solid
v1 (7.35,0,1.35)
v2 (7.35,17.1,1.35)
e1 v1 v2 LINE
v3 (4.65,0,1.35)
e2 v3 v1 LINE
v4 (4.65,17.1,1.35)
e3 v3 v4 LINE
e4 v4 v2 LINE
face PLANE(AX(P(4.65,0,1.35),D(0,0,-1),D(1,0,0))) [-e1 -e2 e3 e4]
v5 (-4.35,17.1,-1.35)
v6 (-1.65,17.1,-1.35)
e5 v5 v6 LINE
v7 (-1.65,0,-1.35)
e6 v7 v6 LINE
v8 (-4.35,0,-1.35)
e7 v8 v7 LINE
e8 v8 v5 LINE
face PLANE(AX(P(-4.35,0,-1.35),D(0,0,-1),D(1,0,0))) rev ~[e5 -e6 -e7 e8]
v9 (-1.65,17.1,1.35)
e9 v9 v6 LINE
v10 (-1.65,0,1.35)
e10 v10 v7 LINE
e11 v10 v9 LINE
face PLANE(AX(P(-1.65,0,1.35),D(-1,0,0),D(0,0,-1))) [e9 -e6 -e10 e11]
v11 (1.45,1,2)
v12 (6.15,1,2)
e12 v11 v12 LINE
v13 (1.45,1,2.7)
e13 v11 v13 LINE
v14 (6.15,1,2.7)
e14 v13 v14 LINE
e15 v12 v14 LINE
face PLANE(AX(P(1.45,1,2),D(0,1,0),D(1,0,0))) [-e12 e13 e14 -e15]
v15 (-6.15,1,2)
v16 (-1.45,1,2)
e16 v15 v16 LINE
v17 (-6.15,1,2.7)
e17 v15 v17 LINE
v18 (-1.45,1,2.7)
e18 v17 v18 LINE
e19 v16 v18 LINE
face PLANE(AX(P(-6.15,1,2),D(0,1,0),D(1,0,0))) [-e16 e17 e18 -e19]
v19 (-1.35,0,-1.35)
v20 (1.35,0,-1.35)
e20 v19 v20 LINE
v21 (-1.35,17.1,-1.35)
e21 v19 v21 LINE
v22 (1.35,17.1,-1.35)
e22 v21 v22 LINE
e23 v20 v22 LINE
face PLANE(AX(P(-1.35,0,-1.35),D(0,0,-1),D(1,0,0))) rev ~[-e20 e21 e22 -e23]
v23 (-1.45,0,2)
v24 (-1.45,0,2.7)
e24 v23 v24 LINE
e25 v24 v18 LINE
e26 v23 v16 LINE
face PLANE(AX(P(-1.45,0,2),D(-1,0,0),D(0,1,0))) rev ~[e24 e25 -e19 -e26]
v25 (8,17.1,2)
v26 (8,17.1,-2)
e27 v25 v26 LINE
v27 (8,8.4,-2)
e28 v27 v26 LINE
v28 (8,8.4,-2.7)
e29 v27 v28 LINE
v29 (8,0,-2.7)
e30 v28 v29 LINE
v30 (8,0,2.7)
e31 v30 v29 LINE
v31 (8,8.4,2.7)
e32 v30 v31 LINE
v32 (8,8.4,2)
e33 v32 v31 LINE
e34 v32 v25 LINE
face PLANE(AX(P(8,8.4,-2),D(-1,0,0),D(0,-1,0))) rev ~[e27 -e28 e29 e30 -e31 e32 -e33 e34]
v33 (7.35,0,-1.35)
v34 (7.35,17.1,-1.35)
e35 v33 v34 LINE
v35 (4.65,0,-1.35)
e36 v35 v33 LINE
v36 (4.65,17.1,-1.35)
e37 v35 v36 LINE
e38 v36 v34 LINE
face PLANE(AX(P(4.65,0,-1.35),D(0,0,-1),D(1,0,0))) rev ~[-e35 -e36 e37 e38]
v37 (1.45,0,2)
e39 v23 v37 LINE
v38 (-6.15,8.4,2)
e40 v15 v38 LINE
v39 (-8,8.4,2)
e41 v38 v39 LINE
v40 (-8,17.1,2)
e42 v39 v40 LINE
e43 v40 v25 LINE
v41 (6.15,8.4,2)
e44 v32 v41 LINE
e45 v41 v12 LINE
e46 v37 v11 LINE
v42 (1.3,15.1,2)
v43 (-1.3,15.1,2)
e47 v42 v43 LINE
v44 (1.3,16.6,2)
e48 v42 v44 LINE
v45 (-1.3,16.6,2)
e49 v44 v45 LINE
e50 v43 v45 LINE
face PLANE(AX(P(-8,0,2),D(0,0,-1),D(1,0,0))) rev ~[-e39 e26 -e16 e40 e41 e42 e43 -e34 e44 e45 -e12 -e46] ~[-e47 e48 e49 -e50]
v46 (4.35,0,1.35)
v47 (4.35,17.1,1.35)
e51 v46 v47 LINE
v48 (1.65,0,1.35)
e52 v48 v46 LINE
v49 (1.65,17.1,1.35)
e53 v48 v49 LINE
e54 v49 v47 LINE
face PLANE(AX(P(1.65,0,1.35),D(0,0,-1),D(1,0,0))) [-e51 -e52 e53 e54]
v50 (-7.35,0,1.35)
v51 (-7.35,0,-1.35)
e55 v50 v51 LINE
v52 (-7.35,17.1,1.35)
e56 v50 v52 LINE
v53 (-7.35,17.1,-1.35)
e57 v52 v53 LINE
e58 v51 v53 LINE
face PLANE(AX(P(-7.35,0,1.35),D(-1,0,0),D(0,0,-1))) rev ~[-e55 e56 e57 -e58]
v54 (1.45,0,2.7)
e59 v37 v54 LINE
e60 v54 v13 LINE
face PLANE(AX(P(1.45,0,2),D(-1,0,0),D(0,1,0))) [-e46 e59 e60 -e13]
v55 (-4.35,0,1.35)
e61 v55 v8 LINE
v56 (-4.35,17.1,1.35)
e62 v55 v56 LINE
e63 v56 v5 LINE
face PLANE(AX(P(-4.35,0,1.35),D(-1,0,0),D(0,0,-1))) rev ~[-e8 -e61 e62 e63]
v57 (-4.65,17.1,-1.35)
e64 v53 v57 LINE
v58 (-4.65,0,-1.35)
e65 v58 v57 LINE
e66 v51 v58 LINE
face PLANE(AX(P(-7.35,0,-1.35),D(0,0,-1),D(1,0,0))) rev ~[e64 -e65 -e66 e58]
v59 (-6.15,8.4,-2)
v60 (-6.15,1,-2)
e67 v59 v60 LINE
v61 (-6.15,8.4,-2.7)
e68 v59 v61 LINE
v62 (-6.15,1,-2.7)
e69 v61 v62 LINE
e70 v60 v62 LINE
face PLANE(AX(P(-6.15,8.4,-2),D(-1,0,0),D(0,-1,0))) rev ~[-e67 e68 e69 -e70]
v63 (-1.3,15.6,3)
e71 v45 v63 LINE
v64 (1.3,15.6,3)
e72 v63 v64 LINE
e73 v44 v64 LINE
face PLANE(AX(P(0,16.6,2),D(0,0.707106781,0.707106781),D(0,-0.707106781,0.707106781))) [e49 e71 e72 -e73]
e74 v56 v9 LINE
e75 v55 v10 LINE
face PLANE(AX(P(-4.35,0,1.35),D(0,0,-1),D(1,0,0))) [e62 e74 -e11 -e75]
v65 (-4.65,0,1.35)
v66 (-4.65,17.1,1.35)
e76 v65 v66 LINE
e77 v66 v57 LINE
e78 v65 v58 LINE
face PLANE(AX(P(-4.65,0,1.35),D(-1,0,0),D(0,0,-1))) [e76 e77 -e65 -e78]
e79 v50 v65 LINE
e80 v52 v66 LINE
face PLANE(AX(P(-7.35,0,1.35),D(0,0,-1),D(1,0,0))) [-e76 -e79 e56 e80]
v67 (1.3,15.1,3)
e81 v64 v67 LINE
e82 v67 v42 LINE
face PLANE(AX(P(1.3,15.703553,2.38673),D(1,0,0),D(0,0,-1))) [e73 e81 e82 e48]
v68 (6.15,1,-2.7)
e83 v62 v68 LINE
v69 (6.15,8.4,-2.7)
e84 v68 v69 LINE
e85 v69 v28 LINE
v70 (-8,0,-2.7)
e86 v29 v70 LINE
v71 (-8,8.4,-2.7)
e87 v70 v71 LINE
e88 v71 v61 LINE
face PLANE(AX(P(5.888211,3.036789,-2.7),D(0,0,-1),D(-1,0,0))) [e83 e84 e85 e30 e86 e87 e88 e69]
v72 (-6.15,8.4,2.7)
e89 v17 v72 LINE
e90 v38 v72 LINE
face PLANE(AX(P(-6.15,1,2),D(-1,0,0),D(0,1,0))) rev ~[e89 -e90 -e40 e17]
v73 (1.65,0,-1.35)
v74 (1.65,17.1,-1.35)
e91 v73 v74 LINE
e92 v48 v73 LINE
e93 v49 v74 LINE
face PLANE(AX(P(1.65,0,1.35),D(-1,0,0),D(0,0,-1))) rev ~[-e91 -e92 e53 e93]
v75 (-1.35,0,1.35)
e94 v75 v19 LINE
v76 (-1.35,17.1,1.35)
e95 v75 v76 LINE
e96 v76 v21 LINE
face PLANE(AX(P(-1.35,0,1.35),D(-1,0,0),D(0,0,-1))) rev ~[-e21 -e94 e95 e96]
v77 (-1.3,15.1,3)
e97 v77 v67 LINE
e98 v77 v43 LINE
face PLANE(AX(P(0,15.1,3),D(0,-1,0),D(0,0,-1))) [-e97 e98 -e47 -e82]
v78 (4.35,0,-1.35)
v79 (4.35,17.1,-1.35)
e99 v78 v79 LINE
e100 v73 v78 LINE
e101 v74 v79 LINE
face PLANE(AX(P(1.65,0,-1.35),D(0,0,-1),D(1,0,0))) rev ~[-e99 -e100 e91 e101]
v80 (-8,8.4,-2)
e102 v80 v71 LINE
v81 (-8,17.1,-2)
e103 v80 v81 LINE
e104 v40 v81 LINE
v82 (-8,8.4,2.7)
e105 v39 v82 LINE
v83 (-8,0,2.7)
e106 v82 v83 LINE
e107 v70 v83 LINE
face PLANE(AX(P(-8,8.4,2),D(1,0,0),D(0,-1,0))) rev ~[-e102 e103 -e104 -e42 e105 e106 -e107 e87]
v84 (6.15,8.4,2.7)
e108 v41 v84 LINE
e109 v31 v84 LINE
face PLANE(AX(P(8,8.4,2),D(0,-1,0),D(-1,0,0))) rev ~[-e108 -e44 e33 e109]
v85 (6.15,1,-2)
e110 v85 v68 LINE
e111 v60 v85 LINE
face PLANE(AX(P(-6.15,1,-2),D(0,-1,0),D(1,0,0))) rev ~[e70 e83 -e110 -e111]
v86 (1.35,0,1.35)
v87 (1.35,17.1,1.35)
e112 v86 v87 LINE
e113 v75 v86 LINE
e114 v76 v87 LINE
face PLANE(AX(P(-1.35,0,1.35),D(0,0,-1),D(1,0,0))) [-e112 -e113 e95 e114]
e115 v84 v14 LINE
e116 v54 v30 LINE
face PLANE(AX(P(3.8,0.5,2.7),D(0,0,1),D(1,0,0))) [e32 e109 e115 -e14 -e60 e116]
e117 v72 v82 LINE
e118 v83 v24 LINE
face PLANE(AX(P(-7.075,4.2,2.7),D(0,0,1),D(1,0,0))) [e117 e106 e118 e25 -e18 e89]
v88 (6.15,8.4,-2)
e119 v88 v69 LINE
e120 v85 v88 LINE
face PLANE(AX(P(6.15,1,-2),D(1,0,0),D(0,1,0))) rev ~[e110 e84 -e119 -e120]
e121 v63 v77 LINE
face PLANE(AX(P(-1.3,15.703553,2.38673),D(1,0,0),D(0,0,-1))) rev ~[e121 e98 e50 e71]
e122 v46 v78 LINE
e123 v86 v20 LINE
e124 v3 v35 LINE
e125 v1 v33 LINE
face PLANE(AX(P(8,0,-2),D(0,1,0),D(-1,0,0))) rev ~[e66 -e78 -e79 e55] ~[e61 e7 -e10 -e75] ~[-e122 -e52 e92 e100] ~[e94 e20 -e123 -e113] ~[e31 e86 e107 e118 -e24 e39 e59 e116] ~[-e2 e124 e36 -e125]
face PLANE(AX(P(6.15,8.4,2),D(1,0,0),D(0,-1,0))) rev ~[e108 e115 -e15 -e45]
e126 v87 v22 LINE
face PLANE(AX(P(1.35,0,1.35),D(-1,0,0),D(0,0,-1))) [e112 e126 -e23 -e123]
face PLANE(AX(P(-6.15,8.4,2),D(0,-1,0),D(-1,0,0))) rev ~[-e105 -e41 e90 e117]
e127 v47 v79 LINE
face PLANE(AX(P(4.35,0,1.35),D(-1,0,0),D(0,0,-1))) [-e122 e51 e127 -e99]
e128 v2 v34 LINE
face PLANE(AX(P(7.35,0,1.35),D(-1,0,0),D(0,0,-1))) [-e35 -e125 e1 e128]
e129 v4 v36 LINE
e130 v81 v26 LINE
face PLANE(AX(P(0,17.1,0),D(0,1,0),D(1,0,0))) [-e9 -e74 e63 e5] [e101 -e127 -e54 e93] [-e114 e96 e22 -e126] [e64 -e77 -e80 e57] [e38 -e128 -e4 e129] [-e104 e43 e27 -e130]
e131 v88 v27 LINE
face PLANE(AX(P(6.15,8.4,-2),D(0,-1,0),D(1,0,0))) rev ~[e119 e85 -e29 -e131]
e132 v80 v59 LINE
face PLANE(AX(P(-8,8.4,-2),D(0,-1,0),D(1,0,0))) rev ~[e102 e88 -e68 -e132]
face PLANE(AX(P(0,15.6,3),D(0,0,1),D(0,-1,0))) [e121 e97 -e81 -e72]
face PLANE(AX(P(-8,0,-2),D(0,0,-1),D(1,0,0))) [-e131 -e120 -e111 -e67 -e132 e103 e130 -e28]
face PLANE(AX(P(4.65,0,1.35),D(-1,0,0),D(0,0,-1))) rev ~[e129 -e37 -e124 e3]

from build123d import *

# Parameters (mm, degrees)
SKETCH1_W           = 16
SKETCH1_H           = 4
SKETCH1_W_2         = 2.7
SKETCH1_H_2         = 2.7
BOSS_EXTRUDE1_DEPTH = 17.1
SKETCH2_W           = 4.7
SKETCH2_H           = 1
BOSS_EXTRUDE2_DEPTH = 0.7
BOSS_EXTRUDE3_DEPTH = 1.3
SKETCH4_W           = 2.9
SKETCH4_H           = 1
BOSS_EXTRUDE4_DEPTH = 0.7


with BuildPart() as part:
    # Sketch1 → Boss-Extrude1 (new body)
    with BuildSketch(Plane(origin=(0, 0, 0), x_dir=(1, 0, 0), z_dir=(0, 1, 0))):
        Rectangle(SKETCH1_W, SKETCH1_H)
        with Locations((3, 0)):
            Rectangle(SKETCH1_W_2, SKETCH1_H_2, mode=Mode.SUBTRACT)
        Rectangle(SKETCH1_W_2, SKETCH1_H_2, mode=Mode.SUBTRACT)
        with Locations((6, 0)):
            Rectangle(SKETCH1_W_2, SKETCH1_H_2, mode=Mode.SUBTRACT)
        with Locations((-6, 0)):
            Rectangle(SKETCH1_W_2, SKETCH1_H_2, mode=Mode.SUBTRACT)
        with Locations((-3, 0)):
            Rectangle(SKETCH1_W_2, SKETCH1_H_2, mode=Mode.SUBTRACT)
    extrude(amount=BOSS_EXTRUDE1_DEPTH)

    # Sketch2 → Boss-Extrude2 (add)
    with BuildSketch(Plane.XY.offset(2)):
        Polygon((-6.15, 8.4), (-8, 8.4), (-8, 0), (-6.15, 0), (-6.15, 1), align=None)
        with Locations((-3.8, 0.5)):
            Rectangle(SKETCH2_W, SKETCH2_H)
        with Locations((3.8, 0.5)):
            Rectangle(SKETCH2_W, SKETCH2_H)
        Polygon((6.15, 1), (6.15, 0), (8, 0), (8, 8.4), (6.15, 8.4), align=None)
    extrude(amount=BOSS_EXTRUDE2_DEPTH)

    # Sketch3 → Boss-Extrude3 (add, symmetric)
    with BuildSketch(Plane(origin=(0, 0, 0), x_dir=(0, 0, -1), z_dir=(1, 0, 0))):
        Polygon((-2, 16.6), (-3, 15.6), (-3, 15.1), (-2, 15.1), align=None)
    extrude(amount=BOSS_EXTRUDE3_DEPTH, both=True)

    # Sketch4 → Boss-Extrude4 (add)
    with BuildSketch(Plane(origin=(0, 0, -2), x_dir=(-1, 0, 0), z_dir=(0, 0, -1))):
        Polygon((-1.45, 0), (-1.45, 1), (-6.15, 1), (-6.15, 8.4), (-8, 8.4), (-8, 0), align=None)
        with Locations((0, 0.5)):
            Rectangle(SKETCH4_W, SKETCH4_H)
        Polygon((6.15, 8.4), (6.15, 1), (1.45, 1), (1.45, 0), (8, 0), (8, 8.4), align=None)
    extrude(amount=BOSS_EXTRUDE4_DEPTH)


solid = part.part
